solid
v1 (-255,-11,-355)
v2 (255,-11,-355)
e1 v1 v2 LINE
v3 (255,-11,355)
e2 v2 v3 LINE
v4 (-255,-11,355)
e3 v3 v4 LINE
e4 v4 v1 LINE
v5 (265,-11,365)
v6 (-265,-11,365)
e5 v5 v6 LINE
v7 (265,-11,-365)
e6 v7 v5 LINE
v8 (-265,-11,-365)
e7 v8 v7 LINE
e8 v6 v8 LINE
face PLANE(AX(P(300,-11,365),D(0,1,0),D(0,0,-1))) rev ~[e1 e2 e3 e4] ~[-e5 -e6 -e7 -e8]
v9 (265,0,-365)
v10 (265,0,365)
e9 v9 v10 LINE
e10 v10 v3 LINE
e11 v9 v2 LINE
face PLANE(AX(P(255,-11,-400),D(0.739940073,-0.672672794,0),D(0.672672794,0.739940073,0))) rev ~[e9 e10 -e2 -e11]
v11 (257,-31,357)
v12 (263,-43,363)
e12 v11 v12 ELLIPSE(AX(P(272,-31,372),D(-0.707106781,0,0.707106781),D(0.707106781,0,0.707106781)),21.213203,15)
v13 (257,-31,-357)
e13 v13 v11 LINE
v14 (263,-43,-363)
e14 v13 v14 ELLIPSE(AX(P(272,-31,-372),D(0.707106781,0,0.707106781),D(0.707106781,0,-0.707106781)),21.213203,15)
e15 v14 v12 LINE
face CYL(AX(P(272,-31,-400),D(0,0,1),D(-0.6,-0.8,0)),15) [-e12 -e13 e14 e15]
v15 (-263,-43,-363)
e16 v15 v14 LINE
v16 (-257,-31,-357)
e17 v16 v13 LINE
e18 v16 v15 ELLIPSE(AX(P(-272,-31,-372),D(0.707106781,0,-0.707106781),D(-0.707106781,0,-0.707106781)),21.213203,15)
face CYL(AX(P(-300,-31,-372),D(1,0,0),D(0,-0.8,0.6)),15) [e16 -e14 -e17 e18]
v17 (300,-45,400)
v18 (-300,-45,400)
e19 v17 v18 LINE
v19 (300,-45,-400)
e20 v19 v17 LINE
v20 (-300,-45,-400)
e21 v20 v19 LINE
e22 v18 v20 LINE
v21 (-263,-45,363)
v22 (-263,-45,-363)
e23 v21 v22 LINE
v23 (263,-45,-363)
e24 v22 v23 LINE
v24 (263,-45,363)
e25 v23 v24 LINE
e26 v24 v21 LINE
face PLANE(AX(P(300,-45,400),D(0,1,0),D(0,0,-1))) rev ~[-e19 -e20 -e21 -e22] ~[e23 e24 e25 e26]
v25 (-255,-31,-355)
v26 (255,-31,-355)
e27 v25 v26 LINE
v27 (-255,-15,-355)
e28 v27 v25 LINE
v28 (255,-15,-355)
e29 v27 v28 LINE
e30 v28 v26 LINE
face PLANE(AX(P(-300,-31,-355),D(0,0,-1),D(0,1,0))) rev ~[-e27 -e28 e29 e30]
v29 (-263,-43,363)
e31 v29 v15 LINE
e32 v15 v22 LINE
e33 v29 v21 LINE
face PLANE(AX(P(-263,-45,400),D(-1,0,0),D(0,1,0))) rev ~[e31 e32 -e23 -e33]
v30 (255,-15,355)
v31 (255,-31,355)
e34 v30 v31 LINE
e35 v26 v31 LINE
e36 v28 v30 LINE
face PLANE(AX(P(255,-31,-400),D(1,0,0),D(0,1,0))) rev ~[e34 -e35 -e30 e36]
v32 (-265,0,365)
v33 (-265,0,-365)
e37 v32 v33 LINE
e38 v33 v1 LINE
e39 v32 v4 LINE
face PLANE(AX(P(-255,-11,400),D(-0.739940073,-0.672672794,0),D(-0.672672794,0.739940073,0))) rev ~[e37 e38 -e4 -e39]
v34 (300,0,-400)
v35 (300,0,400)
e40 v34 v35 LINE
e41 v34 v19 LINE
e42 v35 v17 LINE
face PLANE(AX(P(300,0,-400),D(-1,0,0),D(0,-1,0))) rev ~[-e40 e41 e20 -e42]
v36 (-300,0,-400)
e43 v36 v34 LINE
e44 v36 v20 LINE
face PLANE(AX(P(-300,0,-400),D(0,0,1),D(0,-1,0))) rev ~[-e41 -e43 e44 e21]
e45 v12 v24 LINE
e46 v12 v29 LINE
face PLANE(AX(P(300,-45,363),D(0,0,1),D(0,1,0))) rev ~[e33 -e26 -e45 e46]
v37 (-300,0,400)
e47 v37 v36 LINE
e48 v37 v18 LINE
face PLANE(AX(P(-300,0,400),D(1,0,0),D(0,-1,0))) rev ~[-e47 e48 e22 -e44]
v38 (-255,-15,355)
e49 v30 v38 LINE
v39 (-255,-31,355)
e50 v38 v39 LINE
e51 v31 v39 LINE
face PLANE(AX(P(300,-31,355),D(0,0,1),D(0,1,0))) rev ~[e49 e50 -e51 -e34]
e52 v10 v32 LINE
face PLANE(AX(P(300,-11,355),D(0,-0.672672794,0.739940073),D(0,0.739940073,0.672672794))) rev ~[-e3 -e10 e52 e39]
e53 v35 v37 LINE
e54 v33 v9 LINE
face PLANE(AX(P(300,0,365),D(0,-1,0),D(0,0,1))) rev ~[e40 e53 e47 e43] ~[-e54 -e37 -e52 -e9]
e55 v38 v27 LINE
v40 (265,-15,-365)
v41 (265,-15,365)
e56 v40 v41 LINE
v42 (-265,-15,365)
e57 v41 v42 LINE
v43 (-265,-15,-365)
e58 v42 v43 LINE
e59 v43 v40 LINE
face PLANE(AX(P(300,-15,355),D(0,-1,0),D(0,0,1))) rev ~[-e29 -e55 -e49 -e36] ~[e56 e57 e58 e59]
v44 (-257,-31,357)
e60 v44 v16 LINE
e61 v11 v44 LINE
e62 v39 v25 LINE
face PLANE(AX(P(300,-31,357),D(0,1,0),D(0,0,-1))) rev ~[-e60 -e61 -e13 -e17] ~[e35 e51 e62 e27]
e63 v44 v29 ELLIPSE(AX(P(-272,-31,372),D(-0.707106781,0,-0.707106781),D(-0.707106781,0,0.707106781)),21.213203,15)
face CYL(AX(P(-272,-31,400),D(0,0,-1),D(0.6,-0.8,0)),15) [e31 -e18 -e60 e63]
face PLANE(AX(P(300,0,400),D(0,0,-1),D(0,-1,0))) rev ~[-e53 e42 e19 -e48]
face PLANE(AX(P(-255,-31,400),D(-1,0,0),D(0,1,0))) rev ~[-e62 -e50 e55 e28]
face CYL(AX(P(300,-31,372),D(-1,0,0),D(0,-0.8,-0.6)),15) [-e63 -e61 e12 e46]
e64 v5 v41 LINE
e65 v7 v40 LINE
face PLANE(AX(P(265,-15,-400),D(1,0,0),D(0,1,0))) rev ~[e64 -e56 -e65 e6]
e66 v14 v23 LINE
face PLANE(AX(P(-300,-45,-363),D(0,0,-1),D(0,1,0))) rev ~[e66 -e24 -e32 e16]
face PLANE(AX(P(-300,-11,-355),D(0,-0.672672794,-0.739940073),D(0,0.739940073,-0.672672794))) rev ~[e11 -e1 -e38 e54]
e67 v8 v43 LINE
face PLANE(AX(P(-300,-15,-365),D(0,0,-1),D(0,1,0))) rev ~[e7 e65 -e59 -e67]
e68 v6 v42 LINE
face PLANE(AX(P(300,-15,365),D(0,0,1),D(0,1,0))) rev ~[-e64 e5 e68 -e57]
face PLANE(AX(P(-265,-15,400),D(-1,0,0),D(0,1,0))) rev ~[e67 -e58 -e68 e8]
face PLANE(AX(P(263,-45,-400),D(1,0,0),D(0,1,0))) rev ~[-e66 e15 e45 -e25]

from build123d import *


with BuildPart() as f2:
    # F2: sweep along a path in F0
    with BuildLine(Plane.XZ) as f2_path:
        Line((300, 400), (-300, 400))
        Line((-300, 400), (-300, -400))
        Line((-300, -400), (300, -400))
        Line((300, -400), (300, 400))
    # F1 (on Top) → F2 (sweep)
    with BuildSketch(Plane.XY):
        with BuildLine():
            Line((-265, 0), (-300, 0))
            Line((-300, 0), (-300, -45))
            Line((-300, -45), (-263, -45))
            Line((-263, -45), (-263, -43))
            ThreePointArc((-263, -43), (-258.583592135, -37.7082039325), (-257, -31))
            Line((-257, -31), (-255, -31))
            Line((-255, -31), (-255, -15))
            Line((-255, -15), (-265, -15))
            Line((-265, -15), (-265, -11))
            Line((-265, -11), (-255, -11))
            Line((-255, -11), (-265, 0))
        make_face()
    sweep(path=f2_path.line, transition=Transition.RIGHT)


solid = f2.part
